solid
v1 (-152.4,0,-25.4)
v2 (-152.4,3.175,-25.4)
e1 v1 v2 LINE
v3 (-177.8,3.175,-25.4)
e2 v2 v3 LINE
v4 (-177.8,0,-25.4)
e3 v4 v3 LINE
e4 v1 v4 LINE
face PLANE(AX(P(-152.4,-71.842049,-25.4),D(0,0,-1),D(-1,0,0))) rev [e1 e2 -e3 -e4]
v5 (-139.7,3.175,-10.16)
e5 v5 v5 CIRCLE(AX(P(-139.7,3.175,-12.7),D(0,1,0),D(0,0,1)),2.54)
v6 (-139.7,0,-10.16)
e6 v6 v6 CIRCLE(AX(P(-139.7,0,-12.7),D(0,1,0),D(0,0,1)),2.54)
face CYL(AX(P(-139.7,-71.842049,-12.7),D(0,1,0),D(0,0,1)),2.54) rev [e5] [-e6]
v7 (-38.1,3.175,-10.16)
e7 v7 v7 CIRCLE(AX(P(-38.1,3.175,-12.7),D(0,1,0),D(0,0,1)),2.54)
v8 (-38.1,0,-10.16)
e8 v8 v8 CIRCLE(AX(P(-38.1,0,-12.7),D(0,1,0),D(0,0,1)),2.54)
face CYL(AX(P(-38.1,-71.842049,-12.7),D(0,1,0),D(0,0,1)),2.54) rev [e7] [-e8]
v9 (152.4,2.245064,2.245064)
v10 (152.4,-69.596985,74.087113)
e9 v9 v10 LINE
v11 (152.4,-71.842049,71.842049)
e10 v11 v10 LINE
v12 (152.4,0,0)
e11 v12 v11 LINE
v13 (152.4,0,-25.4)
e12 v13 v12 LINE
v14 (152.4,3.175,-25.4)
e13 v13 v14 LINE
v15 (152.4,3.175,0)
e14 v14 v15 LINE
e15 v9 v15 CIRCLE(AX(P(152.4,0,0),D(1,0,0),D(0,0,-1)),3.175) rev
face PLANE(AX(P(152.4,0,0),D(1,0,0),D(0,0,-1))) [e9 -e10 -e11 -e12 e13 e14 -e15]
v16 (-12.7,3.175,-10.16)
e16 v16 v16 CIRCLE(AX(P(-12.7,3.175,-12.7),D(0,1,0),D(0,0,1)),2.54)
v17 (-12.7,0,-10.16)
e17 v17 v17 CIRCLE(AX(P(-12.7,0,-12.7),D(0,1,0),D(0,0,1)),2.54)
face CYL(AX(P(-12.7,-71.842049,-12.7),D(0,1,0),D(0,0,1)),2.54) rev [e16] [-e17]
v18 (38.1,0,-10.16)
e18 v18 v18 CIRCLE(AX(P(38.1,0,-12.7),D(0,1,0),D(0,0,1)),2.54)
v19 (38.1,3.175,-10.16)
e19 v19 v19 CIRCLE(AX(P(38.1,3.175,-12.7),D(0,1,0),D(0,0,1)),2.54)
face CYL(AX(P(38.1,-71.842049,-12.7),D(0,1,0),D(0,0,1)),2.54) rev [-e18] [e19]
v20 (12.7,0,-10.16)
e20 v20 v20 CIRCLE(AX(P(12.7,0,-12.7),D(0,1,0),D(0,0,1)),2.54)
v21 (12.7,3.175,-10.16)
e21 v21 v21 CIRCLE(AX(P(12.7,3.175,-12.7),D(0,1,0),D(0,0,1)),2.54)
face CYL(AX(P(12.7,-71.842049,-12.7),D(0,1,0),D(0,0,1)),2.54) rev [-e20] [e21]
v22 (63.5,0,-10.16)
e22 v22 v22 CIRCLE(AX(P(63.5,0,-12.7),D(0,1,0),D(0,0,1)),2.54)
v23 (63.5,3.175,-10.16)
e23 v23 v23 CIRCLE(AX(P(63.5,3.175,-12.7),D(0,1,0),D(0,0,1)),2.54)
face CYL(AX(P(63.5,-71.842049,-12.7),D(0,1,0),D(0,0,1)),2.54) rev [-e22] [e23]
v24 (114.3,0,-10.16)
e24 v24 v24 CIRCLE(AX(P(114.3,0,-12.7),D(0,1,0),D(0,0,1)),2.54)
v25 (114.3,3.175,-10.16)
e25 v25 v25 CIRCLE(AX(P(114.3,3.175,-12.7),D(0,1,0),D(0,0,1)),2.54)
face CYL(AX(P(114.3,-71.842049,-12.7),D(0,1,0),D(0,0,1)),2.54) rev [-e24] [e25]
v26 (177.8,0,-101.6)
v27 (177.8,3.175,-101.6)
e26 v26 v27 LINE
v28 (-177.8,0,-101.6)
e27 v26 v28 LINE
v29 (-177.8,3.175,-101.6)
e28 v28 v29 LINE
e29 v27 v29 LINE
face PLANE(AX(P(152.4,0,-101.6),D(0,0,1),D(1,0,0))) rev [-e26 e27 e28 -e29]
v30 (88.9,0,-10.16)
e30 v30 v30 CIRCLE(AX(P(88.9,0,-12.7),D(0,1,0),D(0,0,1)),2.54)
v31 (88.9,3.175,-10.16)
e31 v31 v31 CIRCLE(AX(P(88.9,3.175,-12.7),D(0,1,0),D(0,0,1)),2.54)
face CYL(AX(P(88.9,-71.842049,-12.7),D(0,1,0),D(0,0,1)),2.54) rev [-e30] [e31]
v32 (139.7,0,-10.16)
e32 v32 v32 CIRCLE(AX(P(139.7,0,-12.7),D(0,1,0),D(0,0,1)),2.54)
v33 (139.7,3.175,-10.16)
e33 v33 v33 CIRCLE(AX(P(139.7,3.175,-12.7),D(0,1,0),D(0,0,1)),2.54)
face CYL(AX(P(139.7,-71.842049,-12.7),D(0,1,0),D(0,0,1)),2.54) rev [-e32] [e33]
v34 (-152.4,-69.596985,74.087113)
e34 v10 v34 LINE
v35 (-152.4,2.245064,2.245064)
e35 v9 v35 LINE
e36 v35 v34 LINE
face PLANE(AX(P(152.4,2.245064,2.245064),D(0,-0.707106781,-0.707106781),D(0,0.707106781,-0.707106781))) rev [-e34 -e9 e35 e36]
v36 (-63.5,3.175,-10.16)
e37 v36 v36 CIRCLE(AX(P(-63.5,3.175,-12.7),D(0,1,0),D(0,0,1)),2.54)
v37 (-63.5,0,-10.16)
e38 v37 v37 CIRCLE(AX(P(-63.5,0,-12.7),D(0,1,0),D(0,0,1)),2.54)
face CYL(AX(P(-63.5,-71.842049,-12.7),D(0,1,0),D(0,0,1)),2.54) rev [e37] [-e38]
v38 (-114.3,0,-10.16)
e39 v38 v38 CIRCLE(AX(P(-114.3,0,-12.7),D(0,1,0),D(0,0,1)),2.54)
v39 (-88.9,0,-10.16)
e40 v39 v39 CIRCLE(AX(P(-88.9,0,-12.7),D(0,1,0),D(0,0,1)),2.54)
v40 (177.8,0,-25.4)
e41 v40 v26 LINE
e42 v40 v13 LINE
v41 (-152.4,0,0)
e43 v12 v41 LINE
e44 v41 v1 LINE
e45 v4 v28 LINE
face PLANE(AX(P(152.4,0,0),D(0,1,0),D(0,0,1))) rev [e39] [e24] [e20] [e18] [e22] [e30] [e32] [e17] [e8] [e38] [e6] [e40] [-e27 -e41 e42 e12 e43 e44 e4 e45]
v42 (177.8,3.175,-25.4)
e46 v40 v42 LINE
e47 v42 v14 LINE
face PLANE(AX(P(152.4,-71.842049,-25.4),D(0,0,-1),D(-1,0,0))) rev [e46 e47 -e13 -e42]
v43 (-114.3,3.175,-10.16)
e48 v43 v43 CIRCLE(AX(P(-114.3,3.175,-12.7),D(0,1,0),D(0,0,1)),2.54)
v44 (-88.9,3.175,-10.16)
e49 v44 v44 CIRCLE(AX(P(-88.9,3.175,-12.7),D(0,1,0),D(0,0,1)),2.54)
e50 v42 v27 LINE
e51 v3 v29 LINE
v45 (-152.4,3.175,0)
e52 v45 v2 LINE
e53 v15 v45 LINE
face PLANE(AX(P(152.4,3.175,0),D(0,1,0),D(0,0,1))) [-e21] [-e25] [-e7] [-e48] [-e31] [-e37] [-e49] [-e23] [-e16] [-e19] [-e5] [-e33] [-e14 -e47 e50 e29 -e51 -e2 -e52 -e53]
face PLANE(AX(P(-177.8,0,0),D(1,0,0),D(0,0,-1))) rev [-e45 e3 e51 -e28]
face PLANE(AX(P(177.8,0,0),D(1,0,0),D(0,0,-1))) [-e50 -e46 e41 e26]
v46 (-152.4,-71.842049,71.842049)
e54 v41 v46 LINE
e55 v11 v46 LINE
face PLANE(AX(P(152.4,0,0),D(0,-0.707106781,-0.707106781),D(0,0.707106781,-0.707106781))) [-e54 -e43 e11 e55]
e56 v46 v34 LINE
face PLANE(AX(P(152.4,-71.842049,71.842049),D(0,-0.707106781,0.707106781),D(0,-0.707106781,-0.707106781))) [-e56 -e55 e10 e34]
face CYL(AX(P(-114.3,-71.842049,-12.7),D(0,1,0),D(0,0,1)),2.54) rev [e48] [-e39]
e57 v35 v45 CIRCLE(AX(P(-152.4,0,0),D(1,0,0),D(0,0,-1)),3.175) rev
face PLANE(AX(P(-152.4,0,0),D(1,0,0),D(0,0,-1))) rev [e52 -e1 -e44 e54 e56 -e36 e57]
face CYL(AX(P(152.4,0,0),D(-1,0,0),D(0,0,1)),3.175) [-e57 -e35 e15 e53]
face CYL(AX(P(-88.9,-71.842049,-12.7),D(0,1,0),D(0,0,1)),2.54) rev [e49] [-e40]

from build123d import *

# Parameters (mm, degrees)
INITIAL_MIDPLANE_EXTRUDE_DEPTH = 152.4
SKETCH1_3_W                    = 101.6
SKETCH1_3_H                    = 3.175
REEXTRUDE_FOR_WINGS_DEPTH      = 177.8
SKETCH2_W                      = 25.4
SKETCH2_H                      = 25.4
BANDSAW_CUT_DEPTH              = 219.089334072
SKETCH3_R                      = 2.54
INITIAL_MOUNTING_HOLE_DEPTH    = 219.089334072
MOUNTING_HOLE_PATTERN_COUNT    = 12
MOUNTING_HOLE_PATTERN_PITCH    = 25.4


with BuildPart() as part:
    # Sketch1 → Initial MidPlane Extrude (new, symmetric)
    with BuildSketch(Plane(origin=(0, 0, 0), x_dir=(0, 0, -1), z_dir=(1, 0, 0))):
        with BuildLine():
            ThreePointArc((0, 3.175), (-1.215019898, 2.933317516), (-2.24506403, 2.24506403))
            Line((-2.24506403, 2.24506403), (-74.087112999, -69.596984938))
            Line((-74.087112999, -69.596984938), (-71.842048969, -71.842048969))
            Line((-71.842048969, -71.842048969), (0, 0))
            Line((0, 0), (101.6, 0))
            Line((101.6, 0), (101.6, 3.175))
            Line((101.6, 3.175), (0, 3.175))
        make_face()
    extrude(amount=INITIAL_MIDPLANE_EXTRUDE_DEPTH, both=True)

    # Sketch1<3> → ReExtrude For Wings. (add, symmetric)
    with BuildSketch(Plane(origin=(0, 0, 0), x_dir=(0, 0, -1), z_dir=(1, 0, 0))):
        with Locations((50.8, 1.5875)):
            Rectangle(SKETCH1_3_W, SKETCH1_3_H)
    extrude(amount=REEXTRUDE_FOR_WINGS_DEPTH, both=True)

    # Sketch2 → Bandsaw Cut (cut, through all)
    with BuildSketch(Plane(origin=(0, 3.175, 0), x_dir=(1, 0, 0), z_dir=(0, 1, 0))):
        with Locations((-165.1, 12.7)):
            Rectangle(SKETCH2_W, SKETCH2_H)
        with Locations((165.1, 12.7)):
            Rectangle(SKETCH2_W, SKETCH2_H)
    extrude(amount=-BANDSAW_CUT_DEPTH, mode=Mode.SUBTRACT)

    # Sketch3 → Initial Mounting Hole (cut, through all)
    with BuildSketch(Plane(origin=(0, 3.175, 0), x_dir=(1, 0, 0), z_dir=(0, 1, 0))):
        with Locations((-139.7, 12.7)):
            Circle(SKETCH3_R)
    initial_mounting_hole = extrude(amount=-INITIAL_MOUNTING_HOLE_DEPTH, mode=Mode.SUBTRACT)

    # Mounting Hole Pattern: Initial Mounting Hole ×12
    with Locations(*[(i * MOUNTING_HOLE_PATTERN_PITCH, 0, 0) for i in range(1, MOUNTING_HOLE_PATTERN_COUNT)]):
        add(initial_mounting_hole, mode=Mode.SUBTRACT)


solid = part.part
